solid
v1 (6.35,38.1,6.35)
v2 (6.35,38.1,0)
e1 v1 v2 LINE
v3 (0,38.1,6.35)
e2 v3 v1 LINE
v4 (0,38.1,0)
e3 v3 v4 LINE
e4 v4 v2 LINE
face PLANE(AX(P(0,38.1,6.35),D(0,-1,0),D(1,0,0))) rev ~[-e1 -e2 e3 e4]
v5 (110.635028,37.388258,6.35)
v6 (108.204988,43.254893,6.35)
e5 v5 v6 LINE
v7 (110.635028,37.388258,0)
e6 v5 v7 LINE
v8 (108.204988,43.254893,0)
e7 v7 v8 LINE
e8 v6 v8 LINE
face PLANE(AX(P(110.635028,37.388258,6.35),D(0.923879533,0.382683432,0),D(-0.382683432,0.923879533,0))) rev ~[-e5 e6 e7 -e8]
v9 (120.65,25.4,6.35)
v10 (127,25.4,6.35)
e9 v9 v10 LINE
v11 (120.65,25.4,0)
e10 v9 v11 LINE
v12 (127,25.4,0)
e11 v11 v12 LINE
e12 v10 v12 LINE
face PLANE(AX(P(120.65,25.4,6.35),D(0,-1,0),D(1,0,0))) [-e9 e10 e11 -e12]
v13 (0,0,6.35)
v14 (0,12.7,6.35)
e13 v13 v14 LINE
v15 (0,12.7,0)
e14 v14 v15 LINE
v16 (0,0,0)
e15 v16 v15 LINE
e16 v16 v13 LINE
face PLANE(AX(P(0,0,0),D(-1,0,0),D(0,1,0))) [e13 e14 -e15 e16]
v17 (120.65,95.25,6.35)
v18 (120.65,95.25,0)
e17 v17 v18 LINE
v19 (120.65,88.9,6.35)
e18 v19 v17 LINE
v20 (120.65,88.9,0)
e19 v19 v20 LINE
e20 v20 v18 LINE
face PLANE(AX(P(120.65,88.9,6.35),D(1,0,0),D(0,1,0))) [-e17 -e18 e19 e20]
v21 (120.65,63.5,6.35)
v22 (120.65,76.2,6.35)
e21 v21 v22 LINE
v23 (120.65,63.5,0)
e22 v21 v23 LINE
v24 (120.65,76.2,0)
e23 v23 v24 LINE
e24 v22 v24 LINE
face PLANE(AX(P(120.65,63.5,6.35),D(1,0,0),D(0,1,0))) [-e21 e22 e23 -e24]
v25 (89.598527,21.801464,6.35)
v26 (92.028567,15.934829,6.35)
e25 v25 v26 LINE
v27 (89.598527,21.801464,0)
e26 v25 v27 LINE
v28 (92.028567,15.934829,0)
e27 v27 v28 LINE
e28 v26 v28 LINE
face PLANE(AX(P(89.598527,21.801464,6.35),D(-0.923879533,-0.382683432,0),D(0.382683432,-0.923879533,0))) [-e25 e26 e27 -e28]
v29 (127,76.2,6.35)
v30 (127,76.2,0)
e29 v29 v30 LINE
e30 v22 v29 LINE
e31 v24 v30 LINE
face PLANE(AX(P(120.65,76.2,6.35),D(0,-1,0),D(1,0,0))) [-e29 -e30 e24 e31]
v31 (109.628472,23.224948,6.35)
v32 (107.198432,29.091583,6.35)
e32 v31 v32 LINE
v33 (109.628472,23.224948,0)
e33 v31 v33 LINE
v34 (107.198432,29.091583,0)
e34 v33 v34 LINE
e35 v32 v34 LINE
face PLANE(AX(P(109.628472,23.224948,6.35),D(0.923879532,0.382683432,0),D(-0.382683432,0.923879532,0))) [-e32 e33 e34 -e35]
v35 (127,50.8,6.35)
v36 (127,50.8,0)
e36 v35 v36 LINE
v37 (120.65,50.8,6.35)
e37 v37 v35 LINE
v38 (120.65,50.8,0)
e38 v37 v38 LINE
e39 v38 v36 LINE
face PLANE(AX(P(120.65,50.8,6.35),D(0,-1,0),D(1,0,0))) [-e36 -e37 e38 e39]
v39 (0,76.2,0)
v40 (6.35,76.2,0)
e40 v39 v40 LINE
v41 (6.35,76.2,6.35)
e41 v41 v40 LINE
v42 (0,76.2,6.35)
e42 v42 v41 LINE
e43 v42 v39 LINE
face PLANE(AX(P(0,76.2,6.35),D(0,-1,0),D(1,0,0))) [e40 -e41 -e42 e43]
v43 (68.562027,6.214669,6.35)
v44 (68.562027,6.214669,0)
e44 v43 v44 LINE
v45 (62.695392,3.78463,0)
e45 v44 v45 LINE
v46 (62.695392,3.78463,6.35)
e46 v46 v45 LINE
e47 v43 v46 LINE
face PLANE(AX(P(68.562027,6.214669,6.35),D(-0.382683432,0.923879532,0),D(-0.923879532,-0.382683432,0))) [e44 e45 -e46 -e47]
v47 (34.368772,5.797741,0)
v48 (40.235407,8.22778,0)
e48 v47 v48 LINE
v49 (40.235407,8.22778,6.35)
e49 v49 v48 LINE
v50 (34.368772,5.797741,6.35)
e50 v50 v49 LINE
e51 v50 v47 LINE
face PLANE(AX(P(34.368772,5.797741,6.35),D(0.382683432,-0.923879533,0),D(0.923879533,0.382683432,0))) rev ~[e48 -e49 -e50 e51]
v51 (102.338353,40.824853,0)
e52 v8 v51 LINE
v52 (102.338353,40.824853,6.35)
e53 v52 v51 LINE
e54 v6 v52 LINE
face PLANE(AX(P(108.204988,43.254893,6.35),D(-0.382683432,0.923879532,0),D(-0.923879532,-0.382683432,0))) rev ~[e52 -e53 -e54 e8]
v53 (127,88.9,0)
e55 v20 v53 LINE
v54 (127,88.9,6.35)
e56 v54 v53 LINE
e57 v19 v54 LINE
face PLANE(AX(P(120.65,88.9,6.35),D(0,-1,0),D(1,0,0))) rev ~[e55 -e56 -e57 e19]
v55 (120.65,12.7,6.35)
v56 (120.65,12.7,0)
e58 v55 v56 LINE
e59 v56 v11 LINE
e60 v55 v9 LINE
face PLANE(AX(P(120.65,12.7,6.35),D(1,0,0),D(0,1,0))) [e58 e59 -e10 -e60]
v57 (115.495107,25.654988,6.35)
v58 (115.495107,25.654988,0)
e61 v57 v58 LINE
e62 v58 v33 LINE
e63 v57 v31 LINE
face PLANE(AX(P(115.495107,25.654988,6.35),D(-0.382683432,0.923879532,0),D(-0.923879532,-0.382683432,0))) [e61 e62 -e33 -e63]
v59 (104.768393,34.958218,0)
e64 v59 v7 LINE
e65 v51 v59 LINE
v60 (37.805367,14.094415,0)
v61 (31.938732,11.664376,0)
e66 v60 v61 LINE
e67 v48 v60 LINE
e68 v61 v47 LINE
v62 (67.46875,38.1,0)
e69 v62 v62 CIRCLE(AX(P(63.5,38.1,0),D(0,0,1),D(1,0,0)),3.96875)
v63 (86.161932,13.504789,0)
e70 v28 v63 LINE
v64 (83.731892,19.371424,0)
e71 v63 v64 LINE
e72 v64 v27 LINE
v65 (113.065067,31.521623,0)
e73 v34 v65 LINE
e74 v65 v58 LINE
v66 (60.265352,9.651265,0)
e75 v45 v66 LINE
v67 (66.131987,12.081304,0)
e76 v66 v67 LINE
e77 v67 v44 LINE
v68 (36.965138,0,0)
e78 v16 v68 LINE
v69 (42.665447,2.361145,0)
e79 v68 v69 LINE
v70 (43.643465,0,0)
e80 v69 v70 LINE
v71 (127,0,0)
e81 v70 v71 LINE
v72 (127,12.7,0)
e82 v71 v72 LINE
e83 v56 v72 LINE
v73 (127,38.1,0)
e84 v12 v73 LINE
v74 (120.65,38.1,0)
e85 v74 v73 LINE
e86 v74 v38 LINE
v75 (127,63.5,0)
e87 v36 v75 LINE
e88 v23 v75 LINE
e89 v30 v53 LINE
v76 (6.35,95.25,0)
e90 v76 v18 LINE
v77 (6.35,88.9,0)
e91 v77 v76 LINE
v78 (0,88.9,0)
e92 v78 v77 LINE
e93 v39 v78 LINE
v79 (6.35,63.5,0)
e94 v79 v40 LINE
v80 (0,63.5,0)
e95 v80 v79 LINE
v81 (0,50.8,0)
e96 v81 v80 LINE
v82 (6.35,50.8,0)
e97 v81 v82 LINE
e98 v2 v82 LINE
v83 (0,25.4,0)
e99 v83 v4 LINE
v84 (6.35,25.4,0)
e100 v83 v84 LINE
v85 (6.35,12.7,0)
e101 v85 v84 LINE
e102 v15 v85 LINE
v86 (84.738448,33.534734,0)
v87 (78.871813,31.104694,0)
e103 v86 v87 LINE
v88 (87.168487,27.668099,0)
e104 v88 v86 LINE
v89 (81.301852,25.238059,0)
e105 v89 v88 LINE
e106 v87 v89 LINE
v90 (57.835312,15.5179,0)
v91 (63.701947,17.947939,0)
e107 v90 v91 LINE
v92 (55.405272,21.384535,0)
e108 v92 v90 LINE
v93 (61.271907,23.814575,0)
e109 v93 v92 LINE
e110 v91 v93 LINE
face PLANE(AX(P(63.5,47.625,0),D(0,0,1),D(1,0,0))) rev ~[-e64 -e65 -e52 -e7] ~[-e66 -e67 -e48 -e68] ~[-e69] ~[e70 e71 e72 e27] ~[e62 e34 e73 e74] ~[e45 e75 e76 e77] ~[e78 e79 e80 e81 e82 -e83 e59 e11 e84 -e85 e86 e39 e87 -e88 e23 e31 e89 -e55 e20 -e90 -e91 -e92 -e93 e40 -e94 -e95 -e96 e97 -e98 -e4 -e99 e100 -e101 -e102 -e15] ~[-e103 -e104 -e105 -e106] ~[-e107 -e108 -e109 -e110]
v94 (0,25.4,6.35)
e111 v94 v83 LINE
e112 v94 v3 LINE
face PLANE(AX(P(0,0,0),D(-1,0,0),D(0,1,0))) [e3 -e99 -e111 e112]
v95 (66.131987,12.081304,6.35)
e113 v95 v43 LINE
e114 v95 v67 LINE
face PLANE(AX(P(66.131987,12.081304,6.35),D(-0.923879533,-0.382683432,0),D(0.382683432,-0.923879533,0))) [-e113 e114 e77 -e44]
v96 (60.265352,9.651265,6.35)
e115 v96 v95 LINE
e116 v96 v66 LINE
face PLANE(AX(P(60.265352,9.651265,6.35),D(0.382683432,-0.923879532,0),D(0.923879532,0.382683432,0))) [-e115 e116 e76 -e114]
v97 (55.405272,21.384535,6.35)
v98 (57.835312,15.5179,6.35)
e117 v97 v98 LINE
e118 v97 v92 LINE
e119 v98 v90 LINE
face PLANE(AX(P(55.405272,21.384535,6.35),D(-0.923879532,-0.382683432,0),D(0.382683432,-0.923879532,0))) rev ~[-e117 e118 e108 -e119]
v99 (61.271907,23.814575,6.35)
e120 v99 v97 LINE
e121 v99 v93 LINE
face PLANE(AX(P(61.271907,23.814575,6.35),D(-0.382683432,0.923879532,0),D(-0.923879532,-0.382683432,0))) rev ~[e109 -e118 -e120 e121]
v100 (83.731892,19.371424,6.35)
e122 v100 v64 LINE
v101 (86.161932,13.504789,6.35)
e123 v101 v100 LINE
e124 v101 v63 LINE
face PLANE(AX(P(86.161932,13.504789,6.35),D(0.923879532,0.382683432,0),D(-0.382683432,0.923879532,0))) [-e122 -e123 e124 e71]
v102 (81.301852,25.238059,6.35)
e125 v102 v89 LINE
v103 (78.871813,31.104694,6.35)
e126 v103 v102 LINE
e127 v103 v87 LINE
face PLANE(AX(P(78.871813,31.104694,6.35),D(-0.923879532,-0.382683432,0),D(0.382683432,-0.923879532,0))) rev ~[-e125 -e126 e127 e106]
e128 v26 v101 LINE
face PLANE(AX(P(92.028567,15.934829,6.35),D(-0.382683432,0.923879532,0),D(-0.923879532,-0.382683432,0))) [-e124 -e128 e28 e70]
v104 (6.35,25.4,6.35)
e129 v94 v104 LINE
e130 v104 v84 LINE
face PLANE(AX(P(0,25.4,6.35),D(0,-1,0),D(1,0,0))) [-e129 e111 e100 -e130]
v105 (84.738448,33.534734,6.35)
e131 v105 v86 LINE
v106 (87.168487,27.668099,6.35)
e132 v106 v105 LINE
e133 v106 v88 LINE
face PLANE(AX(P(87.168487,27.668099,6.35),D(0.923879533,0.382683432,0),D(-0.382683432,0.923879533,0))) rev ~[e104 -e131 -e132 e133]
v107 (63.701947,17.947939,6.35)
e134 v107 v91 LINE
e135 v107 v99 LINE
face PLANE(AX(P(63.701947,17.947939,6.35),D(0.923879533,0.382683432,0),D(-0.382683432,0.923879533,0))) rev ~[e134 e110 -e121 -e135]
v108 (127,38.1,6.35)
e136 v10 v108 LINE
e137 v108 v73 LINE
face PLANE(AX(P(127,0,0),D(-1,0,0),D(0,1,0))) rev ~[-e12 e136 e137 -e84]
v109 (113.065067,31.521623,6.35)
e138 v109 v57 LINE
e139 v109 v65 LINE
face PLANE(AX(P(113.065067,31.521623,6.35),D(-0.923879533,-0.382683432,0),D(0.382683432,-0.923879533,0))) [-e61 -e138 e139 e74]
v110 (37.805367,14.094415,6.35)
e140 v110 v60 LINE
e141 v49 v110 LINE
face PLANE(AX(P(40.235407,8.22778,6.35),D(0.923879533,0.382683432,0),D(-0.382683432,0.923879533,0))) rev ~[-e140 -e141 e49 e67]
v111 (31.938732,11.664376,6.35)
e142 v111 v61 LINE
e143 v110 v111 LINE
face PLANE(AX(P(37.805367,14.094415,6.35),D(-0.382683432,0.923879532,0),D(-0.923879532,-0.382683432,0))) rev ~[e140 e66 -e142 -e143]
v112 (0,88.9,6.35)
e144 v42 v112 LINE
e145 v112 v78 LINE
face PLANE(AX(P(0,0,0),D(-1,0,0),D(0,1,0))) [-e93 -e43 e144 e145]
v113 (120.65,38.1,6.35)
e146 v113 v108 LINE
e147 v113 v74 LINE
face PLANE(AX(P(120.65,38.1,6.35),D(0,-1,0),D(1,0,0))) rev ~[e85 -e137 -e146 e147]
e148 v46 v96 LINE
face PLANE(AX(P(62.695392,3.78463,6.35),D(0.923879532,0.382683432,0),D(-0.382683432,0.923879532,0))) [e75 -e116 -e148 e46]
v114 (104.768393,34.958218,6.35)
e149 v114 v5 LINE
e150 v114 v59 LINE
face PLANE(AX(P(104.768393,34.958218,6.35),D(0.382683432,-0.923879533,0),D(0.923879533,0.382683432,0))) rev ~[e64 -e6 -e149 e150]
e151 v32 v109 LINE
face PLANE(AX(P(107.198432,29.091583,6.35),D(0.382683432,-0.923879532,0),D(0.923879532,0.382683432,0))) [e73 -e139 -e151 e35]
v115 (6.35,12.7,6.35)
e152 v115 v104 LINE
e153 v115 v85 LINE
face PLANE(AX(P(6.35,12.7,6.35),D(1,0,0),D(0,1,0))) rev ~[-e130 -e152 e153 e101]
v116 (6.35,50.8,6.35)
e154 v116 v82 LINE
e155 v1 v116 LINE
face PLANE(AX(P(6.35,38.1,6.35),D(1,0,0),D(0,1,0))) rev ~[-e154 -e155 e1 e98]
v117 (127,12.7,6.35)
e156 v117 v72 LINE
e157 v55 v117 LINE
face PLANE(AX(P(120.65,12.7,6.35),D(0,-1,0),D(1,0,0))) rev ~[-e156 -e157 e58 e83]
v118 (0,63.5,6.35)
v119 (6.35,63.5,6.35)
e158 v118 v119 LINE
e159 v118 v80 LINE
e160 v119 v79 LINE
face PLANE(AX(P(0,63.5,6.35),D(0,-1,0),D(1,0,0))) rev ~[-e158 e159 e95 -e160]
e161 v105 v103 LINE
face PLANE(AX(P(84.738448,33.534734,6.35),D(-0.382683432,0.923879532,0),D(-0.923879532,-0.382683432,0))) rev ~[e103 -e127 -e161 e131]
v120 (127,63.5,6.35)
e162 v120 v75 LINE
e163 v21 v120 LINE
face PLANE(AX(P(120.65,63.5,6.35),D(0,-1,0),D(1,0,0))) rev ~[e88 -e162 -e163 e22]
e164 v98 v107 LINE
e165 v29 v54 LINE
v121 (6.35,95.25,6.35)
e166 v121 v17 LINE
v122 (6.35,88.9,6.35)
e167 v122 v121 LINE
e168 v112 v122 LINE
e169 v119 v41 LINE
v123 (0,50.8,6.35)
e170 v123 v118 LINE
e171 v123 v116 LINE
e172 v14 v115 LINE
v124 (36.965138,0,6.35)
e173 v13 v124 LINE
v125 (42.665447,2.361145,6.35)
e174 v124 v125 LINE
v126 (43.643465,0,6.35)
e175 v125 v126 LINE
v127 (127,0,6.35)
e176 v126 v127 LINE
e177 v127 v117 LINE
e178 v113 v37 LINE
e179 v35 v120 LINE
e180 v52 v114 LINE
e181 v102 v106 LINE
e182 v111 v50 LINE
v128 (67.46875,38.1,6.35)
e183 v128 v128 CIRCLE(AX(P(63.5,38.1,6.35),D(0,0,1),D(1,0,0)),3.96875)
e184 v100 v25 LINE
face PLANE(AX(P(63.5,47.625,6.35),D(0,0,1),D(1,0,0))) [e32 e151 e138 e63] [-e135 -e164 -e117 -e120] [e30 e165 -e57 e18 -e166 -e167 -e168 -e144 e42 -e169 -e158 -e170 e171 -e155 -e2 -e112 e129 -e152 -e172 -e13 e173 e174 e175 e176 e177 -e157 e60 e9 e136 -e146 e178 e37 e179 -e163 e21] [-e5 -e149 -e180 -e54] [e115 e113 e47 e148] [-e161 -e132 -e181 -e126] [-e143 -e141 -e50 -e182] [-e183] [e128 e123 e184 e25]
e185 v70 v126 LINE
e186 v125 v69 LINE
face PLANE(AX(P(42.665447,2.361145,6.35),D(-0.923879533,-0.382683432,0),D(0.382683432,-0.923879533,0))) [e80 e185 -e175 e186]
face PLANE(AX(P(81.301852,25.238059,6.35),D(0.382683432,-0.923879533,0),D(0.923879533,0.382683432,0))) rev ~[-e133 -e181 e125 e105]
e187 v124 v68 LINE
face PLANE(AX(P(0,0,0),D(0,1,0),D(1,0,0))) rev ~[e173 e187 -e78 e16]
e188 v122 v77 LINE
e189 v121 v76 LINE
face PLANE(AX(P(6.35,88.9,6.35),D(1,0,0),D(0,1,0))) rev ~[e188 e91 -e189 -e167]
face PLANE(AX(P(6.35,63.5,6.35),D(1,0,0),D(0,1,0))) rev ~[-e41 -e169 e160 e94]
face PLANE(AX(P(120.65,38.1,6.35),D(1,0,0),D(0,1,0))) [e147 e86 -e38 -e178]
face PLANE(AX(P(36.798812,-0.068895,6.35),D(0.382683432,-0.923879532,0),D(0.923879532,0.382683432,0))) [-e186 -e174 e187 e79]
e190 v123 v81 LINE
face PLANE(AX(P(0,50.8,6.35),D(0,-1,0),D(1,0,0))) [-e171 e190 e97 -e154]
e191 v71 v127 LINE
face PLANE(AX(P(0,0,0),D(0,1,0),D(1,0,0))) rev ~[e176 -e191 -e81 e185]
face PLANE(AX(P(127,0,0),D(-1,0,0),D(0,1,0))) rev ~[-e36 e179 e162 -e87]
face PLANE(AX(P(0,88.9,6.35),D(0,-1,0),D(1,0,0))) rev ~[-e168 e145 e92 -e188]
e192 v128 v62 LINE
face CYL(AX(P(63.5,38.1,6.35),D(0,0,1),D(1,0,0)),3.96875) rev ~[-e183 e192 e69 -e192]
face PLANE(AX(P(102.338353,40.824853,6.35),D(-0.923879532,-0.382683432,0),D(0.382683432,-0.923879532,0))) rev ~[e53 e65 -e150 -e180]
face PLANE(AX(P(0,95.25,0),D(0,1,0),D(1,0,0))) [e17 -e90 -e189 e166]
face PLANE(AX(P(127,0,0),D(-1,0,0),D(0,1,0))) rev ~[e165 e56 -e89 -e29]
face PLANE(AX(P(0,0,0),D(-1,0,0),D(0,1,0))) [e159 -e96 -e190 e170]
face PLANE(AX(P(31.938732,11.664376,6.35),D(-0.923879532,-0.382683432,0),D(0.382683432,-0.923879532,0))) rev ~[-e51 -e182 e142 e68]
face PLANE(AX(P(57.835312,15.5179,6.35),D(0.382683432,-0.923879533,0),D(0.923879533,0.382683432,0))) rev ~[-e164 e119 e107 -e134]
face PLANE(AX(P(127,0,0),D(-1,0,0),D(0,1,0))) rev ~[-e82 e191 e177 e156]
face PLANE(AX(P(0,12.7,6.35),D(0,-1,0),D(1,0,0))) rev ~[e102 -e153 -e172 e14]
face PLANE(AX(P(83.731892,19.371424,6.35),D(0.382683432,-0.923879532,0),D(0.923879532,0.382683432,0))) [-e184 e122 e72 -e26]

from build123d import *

# Parameters (mm, degrees)
SKETCH1_W           = 127
SKETCH1_H           = 95.25
BOSS_EXTRUDE1_DEPTH = 6.35
SKETCH2_R           = 3.96875
CUT_EXTRUDE1_DEPTH  = 7.35
SKETCH3_W           = 6.35
SKETCH3_H           = 12.7
CUT_EXTRUDE2_DEPTH  = 7.35
SKETCH4_W           = 6.35
SKETCH4_H           = 12.7
CUT_EXTRUDE3_DEPTH  = 7.35
LPATTERN1_COUNT     = 4
LPATTERN1_PITCH     = 25.4
CUT_EXTRUDE4_DEPTH  = 7.35
LPATTERN2_COUNT     = 4
LPATTERN2_PITCH     = 25.4


with BuildPart() as part:
    # Sketch1 → Boss-Extrude1 (new body)
    with BuildSketch(Plane.XY):
        with Locations((63.5, 47.625)):
            Rectangle(SKETCH1_W, SKETCH1_H)
    extrude(amount=BOSS_EXTRUDE1_DEPTH)

    # Sketch2 → Cut-Extrude1 (cut, through all)
    with BuildSketch(Plane.XY.offset(6.35)):
        with Locations((63.5, 38.1)):
            Circle(SKETCH2_R)
    extrude(amount=-CUT_EXTRUDE1_DEPTH, mode=Mode.SUBTRACT)

    # Sketch3 → Cut-Extrude2 (cut, through all)
    with BuildSketch(Plane.XY.offset(6.35)):
        with Locations((3.175, 19.05)):
            Rectangle(SKETCH3_W, SKETCH3_H)
    cut_extrude2 = extrude(amount=-CUT_EXTRUDE2_DEPTH, mode=Mode.SUBTRACT)

    # Sketch4 → Cut-Extrude3 (cut, through all)
    with BuildSketch(Plane.XY.offset(6.35)):
        with Locations((123.825, 19.05)):
            Rectangle(SKETCH4_W, SKETCH4_H)
    cut_extrude3 = extrude(amount=-CUT_EXTRUDE3_DEPTH, mode=Mode.SUBTRACT)

    # LPattern1: Cut-Extrude2, Cut-Extrude3 ×4
    with Locations(*[(0, i * LPATTERN1_PITCH, 0) for i in range(1, LPATTERN1_COUNT)]):
        add(cut_extrude2, mode=Mode.SUBTRACT)
        add(cut_extrude3, mode=Mode.SUBTRACT)

    # Sketch5 → Cut-Extrude4 (cut, through all)
    with BuildSketch(Plane.XY.offset(6.35)):
        Polygon((102.338352728, 40.824853058), (104.768392524, 34.958218027), (110.635027555, 37.388257822), (108.20498776, 43.254892854), align=None)
        Polygon((109.628472115, 23.224947964), (107.198432319, 29.091582995), (113.065067351, 31.521622791), (115.495107146, 25.65498776), align=None)
    cut_extrude4 = extrude(amount=-CUT_EXTRUDE4_DEPTH, mode=Mode.SUBTRACT)

    # LPattern2: Cut-Extrude4 ×4
    with Locations(*[Vector(-0.923879533, -0.382683432, 0) * (i * LPATTERN2_PITCH) for i in range(1, LPATTERN2_COUNT)]):
        add(cut_extrude4, mode=Mode.SUBTRACT)


solid = part.part
